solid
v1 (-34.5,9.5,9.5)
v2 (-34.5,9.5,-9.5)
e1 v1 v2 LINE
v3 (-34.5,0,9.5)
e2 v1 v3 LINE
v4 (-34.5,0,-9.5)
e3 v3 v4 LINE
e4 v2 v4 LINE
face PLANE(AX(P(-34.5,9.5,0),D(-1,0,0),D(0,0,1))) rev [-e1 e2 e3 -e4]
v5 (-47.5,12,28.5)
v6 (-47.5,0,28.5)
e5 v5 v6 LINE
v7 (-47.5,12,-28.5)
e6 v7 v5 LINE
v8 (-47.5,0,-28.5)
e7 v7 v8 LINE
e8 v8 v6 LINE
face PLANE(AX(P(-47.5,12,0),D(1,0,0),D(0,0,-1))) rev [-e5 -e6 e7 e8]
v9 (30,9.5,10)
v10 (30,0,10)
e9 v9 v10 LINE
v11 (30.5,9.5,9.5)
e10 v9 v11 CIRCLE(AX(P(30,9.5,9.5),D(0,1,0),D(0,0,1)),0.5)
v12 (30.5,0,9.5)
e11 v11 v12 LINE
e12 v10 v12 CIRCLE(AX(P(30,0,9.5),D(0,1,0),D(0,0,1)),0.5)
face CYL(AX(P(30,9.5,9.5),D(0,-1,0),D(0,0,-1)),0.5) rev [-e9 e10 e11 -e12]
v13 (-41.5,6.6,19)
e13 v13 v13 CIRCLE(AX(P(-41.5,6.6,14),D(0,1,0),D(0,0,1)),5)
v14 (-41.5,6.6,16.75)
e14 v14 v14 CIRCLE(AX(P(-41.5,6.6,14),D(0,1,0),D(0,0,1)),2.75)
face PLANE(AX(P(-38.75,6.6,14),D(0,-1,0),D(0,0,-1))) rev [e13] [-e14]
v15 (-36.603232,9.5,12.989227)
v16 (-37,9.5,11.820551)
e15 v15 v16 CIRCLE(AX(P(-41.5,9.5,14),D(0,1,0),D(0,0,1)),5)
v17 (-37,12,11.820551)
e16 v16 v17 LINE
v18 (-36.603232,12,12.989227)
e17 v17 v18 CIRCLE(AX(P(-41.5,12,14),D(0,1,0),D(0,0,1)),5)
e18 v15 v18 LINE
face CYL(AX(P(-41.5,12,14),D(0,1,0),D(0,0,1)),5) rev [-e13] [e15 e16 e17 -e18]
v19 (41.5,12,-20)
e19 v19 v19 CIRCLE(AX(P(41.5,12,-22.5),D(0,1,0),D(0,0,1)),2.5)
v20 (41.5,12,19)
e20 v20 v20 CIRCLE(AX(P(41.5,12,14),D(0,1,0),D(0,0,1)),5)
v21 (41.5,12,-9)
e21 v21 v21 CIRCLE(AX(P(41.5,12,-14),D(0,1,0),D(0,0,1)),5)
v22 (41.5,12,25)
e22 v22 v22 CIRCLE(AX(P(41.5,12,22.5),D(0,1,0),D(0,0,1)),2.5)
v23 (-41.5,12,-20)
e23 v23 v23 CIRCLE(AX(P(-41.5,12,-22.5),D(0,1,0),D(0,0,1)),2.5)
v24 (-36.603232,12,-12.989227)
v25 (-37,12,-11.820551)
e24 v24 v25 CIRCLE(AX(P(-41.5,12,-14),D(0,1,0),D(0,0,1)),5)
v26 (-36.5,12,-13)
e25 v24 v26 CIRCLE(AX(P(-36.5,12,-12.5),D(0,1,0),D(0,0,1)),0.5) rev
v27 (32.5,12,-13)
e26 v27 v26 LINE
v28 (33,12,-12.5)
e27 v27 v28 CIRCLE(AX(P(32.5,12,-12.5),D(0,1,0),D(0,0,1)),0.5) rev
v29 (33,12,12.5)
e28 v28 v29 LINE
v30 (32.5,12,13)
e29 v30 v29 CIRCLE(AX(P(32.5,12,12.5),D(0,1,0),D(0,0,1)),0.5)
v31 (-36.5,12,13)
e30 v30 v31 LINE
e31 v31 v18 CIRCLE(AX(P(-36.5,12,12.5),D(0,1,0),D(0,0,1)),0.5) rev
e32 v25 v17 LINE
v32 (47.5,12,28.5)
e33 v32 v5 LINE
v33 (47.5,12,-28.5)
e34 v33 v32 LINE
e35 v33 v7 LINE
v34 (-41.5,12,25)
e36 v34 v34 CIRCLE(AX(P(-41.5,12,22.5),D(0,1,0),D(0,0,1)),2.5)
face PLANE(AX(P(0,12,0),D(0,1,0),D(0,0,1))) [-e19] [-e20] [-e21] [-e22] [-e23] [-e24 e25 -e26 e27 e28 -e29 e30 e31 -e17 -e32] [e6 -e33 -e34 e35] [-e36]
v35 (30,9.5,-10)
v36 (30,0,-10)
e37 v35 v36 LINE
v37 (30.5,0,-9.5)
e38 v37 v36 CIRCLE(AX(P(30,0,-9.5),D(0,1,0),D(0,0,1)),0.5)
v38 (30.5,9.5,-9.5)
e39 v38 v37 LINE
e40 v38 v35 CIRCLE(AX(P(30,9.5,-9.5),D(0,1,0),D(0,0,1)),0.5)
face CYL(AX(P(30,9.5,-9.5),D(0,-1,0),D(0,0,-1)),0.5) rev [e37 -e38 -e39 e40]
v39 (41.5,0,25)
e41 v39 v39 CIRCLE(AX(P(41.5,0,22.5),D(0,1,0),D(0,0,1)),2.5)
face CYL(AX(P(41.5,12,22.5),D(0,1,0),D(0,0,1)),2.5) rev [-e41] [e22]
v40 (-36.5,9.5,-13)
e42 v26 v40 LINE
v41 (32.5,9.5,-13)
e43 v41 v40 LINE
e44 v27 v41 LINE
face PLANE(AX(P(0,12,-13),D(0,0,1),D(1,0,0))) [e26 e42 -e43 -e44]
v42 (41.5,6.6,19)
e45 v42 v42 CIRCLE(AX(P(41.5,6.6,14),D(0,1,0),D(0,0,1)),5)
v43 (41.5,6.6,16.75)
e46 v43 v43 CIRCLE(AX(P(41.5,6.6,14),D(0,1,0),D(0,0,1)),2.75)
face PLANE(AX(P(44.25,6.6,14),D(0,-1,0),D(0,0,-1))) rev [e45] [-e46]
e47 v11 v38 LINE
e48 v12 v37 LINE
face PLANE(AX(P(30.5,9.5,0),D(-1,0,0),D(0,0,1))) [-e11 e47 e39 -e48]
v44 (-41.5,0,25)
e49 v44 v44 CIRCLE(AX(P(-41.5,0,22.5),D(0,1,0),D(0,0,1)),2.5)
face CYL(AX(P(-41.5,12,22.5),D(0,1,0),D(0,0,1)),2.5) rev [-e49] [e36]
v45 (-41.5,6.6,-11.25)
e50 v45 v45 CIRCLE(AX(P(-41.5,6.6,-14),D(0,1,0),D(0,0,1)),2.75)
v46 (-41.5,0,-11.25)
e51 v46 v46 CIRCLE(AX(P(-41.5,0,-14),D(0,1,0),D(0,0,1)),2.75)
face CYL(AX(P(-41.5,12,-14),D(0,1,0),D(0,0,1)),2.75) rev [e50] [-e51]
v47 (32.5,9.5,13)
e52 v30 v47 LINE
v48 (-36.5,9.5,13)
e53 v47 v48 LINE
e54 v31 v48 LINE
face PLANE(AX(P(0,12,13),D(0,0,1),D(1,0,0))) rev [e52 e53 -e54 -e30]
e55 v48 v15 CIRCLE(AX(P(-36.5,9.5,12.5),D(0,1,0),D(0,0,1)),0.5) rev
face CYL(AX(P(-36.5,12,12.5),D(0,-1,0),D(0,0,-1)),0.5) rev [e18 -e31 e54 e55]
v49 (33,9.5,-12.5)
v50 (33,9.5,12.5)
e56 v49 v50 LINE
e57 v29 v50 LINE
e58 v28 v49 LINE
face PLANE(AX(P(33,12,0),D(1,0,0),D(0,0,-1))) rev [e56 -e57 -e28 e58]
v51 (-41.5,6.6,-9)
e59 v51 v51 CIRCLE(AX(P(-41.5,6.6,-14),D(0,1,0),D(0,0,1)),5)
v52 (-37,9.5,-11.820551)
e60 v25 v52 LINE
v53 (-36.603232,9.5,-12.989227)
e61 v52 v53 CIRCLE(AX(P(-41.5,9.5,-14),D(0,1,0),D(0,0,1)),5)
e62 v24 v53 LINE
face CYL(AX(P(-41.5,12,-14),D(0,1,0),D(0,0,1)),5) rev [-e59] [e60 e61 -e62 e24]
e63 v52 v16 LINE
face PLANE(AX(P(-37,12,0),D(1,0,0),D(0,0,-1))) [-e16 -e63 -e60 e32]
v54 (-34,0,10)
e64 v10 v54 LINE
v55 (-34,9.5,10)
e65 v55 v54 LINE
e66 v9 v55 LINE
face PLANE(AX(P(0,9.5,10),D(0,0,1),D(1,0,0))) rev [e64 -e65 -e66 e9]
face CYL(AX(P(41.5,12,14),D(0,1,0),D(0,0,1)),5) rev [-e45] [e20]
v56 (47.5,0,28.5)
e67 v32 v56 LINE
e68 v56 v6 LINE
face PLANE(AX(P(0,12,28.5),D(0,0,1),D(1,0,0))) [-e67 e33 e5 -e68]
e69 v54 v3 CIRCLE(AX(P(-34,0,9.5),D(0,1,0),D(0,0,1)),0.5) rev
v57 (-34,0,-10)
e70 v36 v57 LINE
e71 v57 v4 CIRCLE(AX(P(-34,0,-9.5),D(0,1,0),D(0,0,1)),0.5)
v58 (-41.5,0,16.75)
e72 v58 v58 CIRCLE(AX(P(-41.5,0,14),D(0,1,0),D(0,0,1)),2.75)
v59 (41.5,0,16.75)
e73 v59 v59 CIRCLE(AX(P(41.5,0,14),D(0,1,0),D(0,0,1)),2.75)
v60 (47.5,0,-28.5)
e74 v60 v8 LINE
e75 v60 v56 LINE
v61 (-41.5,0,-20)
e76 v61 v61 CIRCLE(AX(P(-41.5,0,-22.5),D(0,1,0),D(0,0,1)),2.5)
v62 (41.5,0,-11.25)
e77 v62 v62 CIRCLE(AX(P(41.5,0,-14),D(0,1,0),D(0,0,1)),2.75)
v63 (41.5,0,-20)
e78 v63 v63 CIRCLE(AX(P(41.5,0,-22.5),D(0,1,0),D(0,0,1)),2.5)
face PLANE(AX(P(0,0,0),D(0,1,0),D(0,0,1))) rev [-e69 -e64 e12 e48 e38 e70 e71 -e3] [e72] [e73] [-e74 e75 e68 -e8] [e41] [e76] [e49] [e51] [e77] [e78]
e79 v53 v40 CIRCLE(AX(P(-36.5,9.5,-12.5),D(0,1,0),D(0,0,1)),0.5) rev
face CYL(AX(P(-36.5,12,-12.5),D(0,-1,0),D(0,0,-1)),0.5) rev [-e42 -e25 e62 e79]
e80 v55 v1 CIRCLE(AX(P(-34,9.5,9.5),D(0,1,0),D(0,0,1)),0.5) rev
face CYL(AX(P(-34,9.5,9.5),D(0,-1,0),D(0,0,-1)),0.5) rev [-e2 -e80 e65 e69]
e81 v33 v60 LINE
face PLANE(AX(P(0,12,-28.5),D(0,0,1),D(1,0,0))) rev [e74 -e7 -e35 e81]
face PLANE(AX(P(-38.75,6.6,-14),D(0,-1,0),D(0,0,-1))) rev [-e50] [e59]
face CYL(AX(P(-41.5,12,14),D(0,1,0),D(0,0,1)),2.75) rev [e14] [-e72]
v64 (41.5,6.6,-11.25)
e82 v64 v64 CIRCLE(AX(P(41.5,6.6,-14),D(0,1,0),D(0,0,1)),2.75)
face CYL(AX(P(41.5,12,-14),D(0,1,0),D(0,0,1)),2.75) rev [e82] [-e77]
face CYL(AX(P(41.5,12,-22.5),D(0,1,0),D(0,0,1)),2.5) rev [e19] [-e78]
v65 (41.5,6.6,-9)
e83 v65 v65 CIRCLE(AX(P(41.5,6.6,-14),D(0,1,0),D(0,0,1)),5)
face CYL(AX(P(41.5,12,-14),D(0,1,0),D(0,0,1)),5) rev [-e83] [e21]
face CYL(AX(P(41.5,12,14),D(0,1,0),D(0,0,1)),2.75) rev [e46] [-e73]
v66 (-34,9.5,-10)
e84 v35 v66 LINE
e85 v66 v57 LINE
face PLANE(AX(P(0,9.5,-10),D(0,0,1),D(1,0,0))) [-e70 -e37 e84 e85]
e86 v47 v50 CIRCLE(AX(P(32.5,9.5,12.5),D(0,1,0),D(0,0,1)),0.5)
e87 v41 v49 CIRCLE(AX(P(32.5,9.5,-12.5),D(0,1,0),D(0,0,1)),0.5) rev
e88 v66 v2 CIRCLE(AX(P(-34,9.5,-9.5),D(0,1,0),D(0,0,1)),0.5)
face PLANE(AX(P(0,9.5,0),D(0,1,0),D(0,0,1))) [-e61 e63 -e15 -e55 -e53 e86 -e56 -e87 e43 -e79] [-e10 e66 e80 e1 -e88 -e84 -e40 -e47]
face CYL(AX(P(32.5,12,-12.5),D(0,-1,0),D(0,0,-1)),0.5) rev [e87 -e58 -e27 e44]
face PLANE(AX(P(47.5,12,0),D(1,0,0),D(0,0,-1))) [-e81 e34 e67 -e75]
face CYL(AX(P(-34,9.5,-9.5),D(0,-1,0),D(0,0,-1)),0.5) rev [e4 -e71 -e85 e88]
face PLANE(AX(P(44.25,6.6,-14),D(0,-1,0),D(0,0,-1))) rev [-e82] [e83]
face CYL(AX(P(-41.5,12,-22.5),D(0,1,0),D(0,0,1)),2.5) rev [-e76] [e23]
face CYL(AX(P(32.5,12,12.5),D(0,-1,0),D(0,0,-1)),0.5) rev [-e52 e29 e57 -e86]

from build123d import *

# Parameters (mm, degrees)
SKETCH1_W                                   = 95
SKETCH1_H                                   = 57
SKETCH1_R                                   = 2.057983022
BOSS_EXTRUDE2_DEPTH                         = 12
BOSS_EXTRUDE3_DEPTH                         = 9.5
CBORE_FOR_M6_CHEESE_HEAD_SCREW1_D           = 5.5
CBORE_FOR_M6_CHEESE_HEAD_SCREW1_CBORE_D     = 10
CBORE_FOR_M6_CHEESE_HEAD_SCREW1_CBORE_DEPTH = 5.4
F_5_0_5_DIAMETER_HOLE1_D                    = 5


with BuildPart() as part:
    # Sketch1 → Boss-Extrude2 (new body)
    with BuildSketch(Plane(origin=(0, 0, 0), x_dir=(1, 0, 0), z_dir=(0, 1, 0))):
        Rectangle(SKETCH1_W, SKETCH1_H)
        with Locations((-41.5, -22.5)):
            Circle(SKETCH1_R, mode=Mode.SUBTRACT)
        with Locations((41.5, -22.5)):
            Circle(SKETCH1_R, mode=Mode.SUBTRACT)
        with BuildLine():
            Line((-36.5, 13), (32.5, 13))
            ThreePointArc((32.5, 13), (32.853553391, 12.853553391), (33, 12.5))
            Line((33, 12.5), (33, -12.5))
            ThreePointArc((33, -12.5), (32.853553391, -12.853553391), (32.5, -13))
            Line((32.5, -13), (-36.5, -13))
            ThreePointArc((-36.5, -13), (-36.853553391, -12.853553391), (-37, -12.5))
            Line((-37, -12.5), (-37, 12.5))
            ThreePointArc((-37, 12.5), (-36.853553391, 12.853553391), (-36.5, 13))
        make_face(mode=Mode.SUBTRACT)
        with Locations((-41.5, 22.5)):
            Circle(SKETCH1_R, mode=Mode.SUBTRACT)
        with Locations((41.5, 22.5)):
            Circle(SKETCH1_R, mode=Mode.SUBTRACT)
    extrude(amount=BOSS_EXTRUDE2_DEPTH)

    # Sketch1<5> → Boss-Extrude3 (add)
    with BuildSketch(Plane(origin=(0, 0, 0), x_dir=(1, 0, 0), z_dir=(0, 1, 0))):
        with BuildLine():
            ThreePointArc((33, 12.5), (32.853553391, 12.853553391), (32.5, 13))
            Line((32.5, 13), (-36.5, 13))
            ThreePointArc((-36.5, 13), (-36.853553391, 12.853553391), (-37, 12.5))
            Line((-37, 12.5), (-37, -12.5))
            ThreePointArc((-37, -12.5), (-36.853553391, -12.853553391), (-36.5, -13))
            Line((-36.5, -13), (32.5, -13))
            ThreePointArc((32.5, -13), (32.853553391, -12.853553391), (33, -12.5))
            Line((33, -12.5), (33, 12.5))
        make_face()
        with BuildLine():
            ThreePointArc((30.5, -9.5), (30.353553391, -9.853553391), (30, -10))
            Line((30, -10), (-34, -10))
            ThreePointArc((-34, -10), (-34.353553391, -9.853553391), (-34.5, -9.5))
            Line((-34.5, -9.5), (-34.5, 9.5))
            ThreePointArc((-34.5, 9.5), (-34.353553391, 9.853553391), (-34, 10))
            Line((-34, 10), (30, 10))
            ThreePointArc((30, 10), (30.353553391, 9.853553391), (30.5, 9.5))
            Line((30.5, 9.5), (30.5, -9.5))
        make_face(mode=Mode.SUBTRACT)
    extrude(amount=BOSS_EXTRUDE3_DEPTH)

    # CBORE for M6 Cheese Head Screw1 (through all)
    with Locations(Plane(origin=(-41.5, 12, -14), x_dir=(0, 0, 1), z_dir=(0, 1, 0))):
        with Locations((0, 0), (0, 83), (28, 83), (28, 0)):
            CounterBoreHole(CBORE_FOR_M6_CHEESE_HEAD_SCREW1_D / 2, CBORE_FOR_M6_CHEESE_HEAD_SCREW1_CBORE_D / 2, CBORE_FOR_M6_CHEESE_HEAD_SCREW1_CBORE_DEPTH)

    # Ø5.0 (5) Diameter Hole1 (through all)
    with Locations(Plane(origin=(-41.5, 12, -22.5), x_dir=(0, 0, 1), z_dir=(0, 1, 0))):
        with Locations((0, 0), (0, 83), (45, 83), (45, 0)):
            Hole(F_5_0_5_DIAMETER_HOLE1_D / 2)


solid = part.part
